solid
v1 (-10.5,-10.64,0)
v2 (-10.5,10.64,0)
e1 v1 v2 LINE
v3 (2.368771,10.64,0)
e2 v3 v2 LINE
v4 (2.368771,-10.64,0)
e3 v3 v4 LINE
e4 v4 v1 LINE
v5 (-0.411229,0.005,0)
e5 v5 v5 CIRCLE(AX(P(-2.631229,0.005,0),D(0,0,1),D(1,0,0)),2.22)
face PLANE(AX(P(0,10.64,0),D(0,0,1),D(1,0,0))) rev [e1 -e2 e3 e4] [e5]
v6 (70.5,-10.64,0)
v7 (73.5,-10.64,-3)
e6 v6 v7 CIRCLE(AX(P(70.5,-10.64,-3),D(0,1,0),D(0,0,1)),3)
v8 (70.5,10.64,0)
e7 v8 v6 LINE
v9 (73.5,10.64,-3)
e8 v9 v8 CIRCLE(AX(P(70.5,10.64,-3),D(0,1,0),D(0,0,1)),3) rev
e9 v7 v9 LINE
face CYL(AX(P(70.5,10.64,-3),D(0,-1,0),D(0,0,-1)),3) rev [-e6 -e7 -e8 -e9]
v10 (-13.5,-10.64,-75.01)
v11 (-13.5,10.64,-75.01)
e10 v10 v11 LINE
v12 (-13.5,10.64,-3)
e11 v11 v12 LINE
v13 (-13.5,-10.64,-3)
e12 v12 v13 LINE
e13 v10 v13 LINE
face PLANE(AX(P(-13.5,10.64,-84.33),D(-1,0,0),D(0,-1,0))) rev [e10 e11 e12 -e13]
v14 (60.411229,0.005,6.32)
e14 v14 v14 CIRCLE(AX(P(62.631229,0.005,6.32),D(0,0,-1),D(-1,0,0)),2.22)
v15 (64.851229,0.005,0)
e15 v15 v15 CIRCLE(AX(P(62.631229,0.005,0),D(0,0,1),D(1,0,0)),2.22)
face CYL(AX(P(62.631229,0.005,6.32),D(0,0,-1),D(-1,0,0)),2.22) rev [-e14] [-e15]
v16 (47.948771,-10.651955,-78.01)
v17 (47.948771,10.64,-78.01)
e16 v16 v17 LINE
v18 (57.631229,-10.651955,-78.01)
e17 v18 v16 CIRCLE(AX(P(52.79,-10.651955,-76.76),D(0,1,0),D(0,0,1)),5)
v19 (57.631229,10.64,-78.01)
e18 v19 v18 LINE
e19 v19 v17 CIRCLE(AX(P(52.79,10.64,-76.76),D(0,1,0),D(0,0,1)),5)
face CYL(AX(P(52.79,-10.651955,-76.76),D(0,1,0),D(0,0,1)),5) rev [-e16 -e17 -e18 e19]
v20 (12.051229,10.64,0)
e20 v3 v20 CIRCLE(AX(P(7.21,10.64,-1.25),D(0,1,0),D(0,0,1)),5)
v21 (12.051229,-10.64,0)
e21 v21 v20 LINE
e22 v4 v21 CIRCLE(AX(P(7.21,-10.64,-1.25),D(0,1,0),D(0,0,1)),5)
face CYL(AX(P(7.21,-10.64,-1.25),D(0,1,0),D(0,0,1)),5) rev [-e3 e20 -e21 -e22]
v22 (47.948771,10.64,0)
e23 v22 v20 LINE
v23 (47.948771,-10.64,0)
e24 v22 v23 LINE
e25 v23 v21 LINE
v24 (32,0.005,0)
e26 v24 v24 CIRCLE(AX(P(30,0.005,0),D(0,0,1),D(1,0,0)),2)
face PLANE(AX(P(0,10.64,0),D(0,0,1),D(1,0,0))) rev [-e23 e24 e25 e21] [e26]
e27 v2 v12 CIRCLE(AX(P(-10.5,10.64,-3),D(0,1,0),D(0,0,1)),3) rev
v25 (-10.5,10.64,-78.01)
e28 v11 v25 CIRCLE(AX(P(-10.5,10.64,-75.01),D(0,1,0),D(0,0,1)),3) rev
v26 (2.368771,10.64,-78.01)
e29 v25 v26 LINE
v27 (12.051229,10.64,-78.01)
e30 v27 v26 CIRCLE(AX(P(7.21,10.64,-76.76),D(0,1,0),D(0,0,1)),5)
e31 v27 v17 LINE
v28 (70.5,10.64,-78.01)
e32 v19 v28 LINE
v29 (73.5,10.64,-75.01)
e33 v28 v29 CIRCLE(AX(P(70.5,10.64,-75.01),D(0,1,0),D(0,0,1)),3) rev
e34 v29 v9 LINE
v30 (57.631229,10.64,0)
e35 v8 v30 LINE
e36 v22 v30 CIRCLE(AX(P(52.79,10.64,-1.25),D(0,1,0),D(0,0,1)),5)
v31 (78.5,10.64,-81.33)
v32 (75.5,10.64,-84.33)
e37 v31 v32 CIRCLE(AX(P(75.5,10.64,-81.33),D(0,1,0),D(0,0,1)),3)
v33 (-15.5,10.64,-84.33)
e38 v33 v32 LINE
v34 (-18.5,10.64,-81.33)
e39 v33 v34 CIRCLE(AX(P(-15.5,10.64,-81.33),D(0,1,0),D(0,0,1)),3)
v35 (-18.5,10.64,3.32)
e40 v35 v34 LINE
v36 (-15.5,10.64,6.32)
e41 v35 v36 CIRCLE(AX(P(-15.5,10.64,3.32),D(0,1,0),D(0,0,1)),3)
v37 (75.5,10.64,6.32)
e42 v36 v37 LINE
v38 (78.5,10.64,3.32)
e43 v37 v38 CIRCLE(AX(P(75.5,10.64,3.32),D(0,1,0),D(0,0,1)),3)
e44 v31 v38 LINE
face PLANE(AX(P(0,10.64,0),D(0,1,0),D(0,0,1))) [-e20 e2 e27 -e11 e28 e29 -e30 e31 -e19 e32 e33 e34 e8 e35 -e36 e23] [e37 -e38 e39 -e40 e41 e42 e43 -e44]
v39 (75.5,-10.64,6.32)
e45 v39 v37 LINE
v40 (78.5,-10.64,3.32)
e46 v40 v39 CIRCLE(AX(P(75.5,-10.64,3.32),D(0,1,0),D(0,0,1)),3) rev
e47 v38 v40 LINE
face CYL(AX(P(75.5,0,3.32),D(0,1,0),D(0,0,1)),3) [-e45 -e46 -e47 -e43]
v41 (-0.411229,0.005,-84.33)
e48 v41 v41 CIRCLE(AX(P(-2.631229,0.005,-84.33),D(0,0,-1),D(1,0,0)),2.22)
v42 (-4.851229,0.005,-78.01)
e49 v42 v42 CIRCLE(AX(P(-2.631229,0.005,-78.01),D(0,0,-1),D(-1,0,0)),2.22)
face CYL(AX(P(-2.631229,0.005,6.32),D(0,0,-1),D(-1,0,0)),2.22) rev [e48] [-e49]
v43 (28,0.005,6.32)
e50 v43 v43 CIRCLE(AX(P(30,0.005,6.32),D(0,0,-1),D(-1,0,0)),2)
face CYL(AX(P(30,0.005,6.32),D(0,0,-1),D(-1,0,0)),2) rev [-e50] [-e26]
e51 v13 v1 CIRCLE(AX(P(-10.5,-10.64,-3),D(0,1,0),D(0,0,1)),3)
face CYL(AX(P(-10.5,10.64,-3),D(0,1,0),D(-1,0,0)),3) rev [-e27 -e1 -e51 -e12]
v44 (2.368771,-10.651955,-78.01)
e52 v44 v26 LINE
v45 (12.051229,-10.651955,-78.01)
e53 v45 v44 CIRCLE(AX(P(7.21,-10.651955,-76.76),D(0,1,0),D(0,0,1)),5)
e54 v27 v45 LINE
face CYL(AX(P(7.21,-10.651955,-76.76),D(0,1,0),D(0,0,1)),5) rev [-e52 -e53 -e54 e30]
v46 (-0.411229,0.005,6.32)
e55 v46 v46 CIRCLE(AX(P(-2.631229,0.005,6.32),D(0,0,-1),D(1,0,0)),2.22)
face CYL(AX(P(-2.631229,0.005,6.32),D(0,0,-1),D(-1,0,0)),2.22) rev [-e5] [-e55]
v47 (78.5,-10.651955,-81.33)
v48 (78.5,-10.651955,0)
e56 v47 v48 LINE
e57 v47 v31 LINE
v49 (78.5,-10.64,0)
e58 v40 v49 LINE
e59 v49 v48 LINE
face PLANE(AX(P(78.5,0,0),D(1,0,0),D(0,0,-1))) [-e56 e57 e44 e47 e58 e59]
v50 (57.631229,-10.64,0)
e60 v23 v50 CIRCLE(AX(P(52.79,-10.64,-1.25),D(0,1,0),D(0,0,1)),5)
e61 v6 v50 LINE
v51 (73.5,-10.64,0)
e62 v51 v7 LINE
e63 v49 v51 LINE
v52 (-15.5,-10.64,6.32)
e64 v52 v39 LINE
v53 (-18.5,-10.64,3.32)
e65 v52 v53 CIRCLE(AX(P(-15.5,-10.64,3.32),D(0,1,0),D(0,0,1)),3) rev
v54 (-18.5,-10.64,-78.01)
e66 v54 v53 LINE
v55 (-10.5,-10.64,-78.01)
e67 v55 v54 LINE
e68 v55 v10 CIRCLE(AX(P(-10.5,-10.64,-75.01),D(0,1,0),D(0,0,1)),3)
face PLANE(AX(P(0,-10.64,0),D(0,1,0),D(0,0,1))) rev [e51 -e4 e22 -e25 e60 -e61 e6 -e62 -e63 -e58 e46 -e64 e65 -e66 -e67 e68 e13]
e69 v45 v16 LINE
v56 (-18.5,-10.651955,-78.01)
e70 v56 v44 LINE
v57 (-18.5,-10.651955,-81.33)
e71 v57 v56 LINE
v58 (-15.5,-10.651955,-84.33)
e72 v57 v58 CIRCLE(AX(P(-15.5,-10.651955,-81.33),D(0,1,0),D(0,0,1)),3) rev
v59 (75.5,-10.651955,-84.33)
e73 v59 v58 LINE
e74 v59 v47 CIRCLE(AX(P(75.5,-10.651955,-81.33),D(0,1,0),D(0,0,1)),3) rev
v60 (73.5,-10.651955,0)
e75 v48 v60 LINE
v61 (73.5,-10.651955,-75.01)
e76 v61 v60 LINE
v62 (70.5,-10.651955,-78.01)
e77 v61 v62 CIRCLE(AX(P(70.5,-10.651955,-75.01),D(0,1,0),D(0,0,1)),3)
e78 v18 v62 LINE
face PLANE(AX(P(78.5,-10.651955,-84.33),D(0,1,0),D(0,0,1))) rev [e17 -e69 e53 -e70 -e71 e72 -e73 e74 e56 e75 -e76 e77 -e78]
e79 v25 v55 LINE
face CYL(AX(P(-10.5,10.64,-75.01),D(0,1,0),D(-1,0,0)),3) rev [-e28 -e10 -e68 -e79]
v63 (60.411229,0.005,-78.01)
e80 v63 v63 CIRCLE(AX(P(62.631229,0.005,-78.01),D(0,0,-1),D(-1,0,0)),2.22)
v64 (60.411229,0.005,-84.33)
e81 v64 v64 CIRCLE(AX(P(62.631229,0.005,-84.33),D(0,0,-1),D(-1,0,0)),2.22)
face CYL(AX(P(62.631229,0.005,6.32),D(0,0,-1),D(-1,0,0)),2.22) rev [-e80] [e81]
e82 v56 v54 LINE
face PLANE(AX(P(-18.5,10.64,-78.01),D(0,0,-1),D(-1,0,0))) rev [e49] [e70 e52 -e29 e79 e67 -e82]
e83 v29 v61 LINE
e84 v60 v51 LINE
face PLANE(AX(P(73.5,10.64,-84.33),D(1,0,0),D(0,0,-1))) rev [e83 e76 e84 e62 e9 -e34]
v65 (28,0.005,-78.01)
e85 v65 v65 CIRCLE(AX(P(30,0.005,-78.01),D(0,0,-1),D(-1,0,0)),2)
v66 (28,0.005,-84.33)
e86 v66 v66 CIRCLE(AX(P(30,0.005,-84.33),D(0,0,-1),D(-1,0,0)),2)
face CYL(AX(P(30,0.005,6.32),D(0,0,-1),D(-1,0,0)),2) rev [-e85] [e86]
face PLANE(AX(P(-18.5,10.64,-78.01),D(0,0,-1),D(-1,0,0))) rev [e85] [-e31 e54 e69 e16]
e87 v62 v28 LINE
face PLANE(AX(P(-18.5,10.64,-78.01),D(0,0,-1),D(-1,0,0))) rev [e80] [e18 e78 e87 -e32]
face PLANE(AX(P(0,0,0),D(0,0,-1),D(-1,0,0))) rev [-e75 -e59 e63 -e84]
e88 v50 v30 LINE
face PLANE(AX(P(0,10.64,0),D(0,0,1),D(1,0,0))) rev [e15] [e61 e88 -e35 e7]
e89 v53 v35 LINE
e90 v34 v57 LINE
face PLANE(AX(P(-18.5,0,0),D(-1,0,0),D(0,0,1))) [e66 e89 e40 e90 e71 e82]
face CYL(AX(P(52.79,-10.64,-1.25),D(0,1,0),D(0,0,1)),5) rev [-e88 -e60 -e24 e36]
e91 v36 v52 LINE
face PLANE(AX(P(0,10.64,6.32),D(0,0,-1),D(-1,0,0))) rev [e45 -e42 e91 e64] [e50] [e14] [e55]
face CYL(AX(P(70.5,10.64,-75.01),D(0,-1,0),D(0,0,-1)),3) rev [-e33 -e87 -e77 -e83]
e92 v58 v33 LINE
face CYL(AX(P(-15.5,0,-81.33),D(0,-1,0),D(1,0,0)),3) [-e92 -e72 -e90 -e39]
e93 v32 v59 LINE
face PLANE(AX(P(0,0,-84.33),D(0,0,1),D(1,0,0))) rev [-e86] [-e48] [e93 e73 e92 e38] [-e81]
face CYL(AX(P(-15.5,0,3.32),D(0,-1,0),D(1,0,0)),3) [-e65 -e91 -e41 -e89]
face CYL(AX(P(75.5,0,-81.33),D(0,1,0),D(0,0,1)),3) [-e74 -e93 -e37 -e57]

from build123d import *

# Parameters (mm, degrees)
SKETCH1_W           = 60
SKETCH1_H           = 6.32
BOSS_EXTRUDE1_DEPTH = 10.64
SKETCH2_R           = 5
CUT_EXTRUDE1_DEPTH  = 64.974845056
SKETCH3_W           = 6.32
SKETCH3_H           = 21.28
BOSS_EXTRUDE2_DEPTH = 18.5
SKETCH4_W           = 6.32
SKETCH4_H           = 21.28
BOSS_EXTRUDE3_DEPTH = 18.5
SKETCH5_W           = 5
SKETCH5_H           = 21.28
BOSS_EXTRUDE6_DEPTH = 84.33
SKETCH6_W           = 5
SKETCH6_H           = 21.291954735
BOSS_EXTRUDE7_DEPTH = 84.33
SKETCH7_W           = 6.32
SKETCH7_H           = 21.291954735
BOSS_EXTRUDE8_DEPTH = 92
SKETCH9_R           = 5
CUT_EXTRUDE2_DEPTH  = 118.162904694
SKETCH10_R          = 2.22
CUT_EXTRUDE3_DEPTH  = 121.387443862
FILLET1_R           = 3
SKETCH13_R          = 2
CUT_EXTRUDE4_DEPTH  = 121.387443862


with BuildPart() as part:
    # Sketch1 → Boss-Extrude1 (new, symmetric)
    with BuildSketch(Plane(origin=(0, 0, 0), x_dir=(1, 0, 0), z_dir=(0, 1, 0))):
        with Locations((30, -3.16)):
            Rectangle(SKETCH1_W, SKETCH1_H)
    extrude(amount=BOSS_EXTRUDE1_DEPTH, both=True)

    # Sketch2 → Cut-Extrude1 (cut, through all)
    with BuildSketch(Plane(origin=(0, 10.64, 0), x_dir=(1, 0, 0), z_dir=(0, 1, 0))):
        with Locations((7.21, 1.25)):
            Circle(SKETCH2_R)
        with Locations((52.79, 1.25)):
            Circle(SKETCH2_R)
    extrude(amount=-CUT_EXTRUDE1_DEPTH, mode=Mode.SUBTRACT)

    # Sketch3 → Boss-Extrude2 (add)
    with BuildSketch(Plane(origin=(60, 0, 0), x_dir=(0, 0, -1), z_dir=(1, 0, 0))):
        with Locations((-3.16, 0)):
            Rectangle(SKETCH3_W, SKETCH3_H)
    extrude(amount=BOSS_EXTRUDE2_DEPTH)

    # Sketch4 → Boss-Extrude3 (add)
    with BuildSketch(Plane.ZY):
        with Locations((3.16, 0)):
            Rectangle(SKETCH4_W, SKETCH4_H)
    extrude(amount=BOSS_EXTRUDE3_DEPTH)

    # Sketch5 → Boss-Extrude6 (add)
    with BuildSketch(Plane(origin=(0, 0, 0), x_dir=(-1, 0, 0), z_dir=(0, 0, -1))):
        with Locations((16, 0)):
            Rectangle(SKETCH5_W, SKETCH5_H)
    extrude(amount=BOSS_EXTRUDE6_DEPTH)

    # Sketch6 → Boss-Extrude7 (add)
    with BuildSketch(Plane(origin=(0, 0, 0), x_dir=(-1, 0, 0), z_dir=(0, 0, -1))):
        with Locations((-76, -0.005977367)):
            Rectangle(SKETCH6_W, SKETCH6_H)
    extrude(amount=BOSS_EXTRUDE7_DEPTH)

    # Sketch7 → Boss-Extrude8 (add, through all)
    with BuildSketch(Plane.ZY.offset(-73.5)):
        with Locations((-81.17, -0.005977367)):
            Rectangle(SKETCH7_W, SKETCH7_H)
    extrude(amount=BOSS_EXTRUDE8_DEPTH)

    # Sketch9 → Cut-Extrude2 (cut, through all)
    with BuildSketch(Plane(origin=(0, 10.64, 0), x_dir=(1, 0, 0), z_dir=(0, 1, 0))):
        with Locations((7.21, 76.76)):
            Circle(SKETCH9_R)
        with Locations((52.79, 76.76)):
            Circle(SKETCH9_R)
    extrude(amount=-CUT_EXTRUDE2_DEPTH, mode=Mode.SUBTRACT)

    # Sketch10 → Cut-Extrude3 (cut, through all)
    with BuildSketch(Plane(origin=(0, 0, -84.33), x_dir=(-1, 0, 0), z_dir=(0, 0, -1))):
        with Locations((-62.631229183, 0.005)):
            Circle(SKETCH10_R)
        with Locations((2.631229183, 0.005)):
            Circle(SKETCH10_R)
    extrude(amount=-CUT_EXTRUDE3_DEPTH, mode=Mode.SUBTRACT)

    # Fillet1
    fillet1_edges = [part.edges().sort_by_distance(p)[0] for p in [
        (78.5, 0, 6.32),
        (-18.5, 0, 6.32),
        (-13.5, 0, 0),
        (-18.5, -0.005977367, -84.33),
        (73.5, 0, 0),
        (78.5, -0.005977367, -84.33),
        (-13.5, 0, -78.01),
        (73.5, -0.005977367, -78.01),
    ]]
    fillet(fillet1_edges, radius=FILLET1_R)

    # Sketch13 → Cut-Extrude4 (cut, through all)
    with BuildSketch(Plane(origin=(0, 0, -84.33), x_dir=(-1, 0, 0), z_dir=(0, 0, -1))):
        with Locations((-30, 0.005)):
            Circle(SKETCH13_R)
    extrude(amount=-CUT_EXTRUDE4_DEPTH, mode=Mode.SUBTRACT)


solid = part.part
